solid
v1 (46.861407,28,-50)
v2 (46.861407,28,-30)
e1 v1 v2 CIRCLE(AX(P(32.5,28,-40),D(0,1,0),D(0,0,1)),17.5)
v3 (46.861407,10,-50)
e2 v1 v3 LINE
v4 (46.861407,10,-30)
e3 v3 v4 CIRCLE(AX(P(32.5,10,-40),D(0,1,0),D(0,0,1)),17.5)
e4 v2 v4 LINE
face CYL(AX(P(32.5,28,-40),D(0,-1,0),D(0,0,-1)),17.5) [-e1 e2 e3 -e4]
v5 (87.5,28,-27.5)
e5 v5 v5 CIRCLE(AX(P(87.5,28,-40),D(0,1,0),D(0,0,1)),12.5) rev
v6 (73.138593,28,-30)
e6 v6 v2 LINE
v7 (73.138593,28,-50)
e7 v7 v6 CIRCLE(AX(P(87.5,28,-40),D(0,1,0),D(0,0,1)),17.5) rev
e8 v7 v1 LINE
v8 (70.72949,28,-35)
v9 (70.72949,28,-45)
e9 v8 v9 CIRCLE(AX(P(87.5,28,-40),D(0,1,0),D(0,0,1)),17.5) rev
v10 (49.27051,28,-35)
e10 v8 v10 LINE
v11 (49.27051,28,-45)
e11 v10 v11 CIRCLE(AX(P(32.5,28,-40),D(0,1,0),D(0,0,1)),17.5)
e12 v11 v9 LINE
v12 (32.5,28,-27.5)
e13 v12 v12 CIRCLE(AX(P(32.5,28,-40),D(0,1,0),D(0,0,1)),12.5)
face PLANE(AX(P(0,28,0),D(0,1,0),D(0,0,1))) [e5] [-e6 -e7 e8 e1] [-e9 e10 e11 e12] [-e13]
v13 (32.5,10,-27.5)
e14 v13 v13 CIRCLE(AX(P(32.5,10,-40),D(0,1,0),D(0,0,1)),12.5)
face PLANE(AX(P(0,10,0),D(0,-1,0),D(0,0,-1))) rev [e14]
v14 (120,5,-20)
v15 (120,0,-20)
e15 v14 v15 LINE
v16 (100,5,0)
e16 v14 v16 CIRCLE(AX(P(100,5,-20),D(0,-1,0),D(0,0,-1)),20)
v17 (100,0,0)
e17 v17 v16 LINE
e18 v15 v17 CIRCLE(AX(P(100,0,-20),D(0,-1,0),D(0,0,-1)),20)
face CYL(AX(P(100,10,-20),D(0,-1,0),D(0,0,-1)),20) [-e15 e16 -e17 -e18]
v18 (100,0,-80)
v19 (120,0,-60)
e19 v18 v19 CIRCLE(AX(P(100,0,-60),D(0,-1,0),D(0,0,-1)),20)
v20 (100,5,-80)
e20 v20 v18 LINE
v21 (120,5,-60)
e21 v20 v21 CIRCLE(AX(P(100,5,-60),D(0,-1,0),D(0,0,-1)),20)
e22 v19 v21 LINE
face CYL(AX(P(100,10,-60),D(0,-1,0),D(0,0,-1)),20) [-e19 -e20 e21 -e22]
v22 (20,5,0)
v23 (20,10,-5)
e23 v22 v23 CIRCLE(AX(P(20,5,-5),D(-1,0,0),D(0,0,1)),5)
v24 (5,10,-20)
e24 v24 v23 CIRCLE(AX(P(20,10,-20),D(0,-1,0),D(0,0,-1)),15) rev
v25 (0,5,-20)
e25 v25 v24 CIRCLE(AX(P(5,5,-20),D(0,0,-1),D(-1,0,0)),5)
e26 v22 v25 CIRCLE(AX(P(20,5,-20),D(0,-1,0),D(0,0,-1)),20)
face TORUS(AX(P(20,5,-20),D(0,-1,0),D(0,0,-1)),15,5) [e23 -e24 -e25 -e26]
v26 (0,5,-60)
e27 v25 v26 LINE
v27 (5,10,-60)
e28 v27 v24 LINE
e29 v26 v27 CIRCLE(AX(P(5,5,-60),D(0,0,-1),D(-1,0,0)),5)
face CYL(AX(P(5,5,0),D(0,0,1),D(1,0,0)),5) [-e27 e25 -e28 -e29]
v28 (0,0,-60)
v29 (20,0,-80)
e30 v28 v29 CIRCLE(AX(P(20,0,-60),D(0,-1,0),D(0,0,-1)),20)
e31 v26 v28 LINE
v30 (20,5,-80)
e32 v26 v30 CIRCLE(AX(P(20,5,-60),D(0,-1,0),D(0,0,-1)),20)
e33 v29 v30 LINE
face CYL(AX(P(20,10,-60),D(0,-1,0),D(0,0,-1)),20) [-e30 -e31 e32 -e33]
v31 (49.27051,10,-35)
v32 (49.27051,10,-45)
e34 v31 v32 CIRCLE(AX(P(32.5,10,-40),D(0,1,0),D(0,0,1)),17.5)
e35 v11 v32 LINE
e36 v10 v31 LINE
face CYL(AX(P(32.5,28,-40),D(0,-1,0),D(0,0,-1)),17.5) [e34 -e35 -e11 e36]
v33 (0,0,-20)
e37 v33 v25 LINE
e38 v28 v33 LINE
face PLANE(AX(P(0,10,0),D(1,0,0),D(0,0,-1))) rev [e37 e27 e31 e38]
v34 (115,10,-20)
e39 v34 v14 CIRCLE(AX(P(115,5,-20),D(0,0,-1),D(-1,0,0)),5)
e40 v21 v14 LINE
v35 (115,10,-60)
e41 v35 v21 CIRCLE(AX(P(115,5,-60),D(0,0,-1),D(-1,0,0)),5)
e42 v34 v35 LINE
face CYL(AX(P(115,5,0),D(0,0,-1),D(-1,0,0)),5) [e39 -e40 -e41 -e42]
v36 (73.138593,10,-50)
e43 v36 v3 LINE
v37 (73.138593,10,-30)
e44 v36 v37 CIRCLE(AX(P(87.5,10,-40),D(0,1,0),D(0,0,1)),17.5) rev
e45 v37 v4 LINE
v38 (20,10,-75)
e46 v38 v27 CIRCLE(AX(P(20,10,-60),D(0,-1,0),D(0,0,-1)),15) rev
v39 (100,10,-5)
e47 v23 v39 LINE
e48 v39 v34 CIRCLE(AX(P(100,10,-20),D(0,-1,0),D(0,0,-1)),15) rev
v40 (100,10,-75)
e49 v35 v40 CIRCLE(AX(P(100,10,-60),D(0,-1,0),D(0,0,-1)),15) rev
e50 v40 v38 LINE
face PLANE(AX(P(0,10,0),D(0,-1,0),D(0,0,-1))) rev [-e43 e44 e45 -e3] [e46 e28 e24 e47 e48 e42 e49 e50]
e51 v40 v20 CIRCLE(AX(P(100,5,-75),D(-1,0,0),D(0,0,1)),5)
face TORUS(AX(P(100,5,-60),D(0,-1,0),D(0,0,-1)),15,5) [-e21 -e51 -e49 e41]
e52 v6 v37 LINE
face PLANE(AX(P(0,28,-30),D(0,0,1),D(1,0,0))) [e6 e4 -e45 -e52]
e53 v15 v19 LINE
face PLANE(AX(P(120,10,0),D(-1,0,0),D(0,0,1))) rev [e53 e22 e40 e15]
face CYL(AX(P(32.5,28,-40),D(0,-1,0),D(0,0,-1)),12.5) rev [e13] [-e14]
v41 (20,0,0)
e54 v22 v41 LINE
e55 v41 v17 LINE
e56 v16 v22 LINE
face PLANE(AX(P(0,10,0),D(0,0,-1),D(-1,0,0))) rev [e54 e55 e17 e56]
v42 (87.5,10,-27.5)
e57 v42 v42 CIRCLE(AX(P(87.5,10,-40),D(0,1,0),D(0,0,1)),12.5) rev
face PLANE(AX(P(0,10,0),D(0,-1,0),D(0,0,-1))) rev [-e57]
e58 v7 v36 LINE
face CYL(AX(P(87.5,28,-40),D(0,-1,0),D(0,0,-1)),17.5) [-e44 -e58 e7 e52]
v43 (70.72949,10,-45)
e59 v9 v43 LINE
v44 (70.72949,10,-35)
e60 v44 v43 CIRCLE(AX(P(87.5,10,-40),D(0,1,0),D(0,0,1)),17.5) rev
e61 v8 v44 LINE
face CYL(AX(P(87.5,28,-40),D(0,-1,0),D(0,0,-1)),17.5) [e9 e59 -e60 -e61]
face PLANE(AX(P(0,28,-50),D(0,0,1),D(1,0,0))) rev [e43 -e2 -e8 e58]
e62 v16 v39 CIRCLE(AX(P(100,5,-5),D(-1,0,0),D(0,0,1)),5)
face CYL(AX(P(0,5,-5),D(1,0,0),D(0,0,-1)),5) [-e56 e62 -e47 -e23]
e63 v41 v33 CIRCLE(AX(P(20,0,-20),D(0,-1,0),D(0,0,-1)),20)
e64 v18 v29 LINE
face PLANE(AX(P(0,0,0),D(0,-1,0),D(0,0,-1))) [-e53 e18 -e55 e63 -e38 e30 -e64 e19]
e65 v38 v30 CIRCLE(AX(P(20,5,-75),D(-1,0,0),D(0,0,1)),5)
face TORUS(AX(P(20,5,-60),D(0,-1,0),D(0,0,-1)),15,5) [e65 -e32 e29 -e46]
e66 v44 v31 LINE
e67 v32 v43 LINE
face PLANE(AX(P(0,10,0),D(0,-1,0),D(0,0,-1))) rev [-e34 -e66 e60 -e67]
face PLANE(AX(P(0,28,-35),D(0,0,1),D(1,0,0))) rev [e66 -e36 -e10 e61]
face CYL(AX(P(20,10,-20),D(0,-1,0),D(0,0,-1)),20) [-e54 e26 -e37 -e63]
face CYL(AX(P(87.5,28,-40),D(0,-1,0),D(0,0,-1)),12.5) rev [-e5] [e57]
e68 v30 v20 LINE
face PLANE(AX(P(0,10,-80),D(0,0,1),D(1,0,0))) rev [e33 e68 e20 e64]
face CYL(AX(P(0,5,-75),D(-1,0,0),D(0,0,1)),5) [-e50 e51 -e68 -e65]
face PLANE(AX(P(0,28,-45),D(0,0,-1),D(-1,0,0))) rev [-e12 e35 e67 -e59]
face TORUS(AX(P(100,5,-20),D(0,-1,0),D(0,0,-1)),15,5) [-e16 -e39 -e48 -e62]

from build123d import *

# Parameters (mm, degrees)
SKETCH1_W           = 120
SKETCH1_H           = 80
BOSS_EXTRUDE1_DEPTH = 10
SKETCH2_R           = 17.5
SKETCH2_R_2         = 12.5
BOSS_EXTRUDE2_DEPTH = 18
FILLET1_R           = 20
FILLET2_R           = 5


with BuildPart() as part:
    # Sketch1 → Boss-Extrude1 (new body)
    with BuildSketch(Plane(origin=(0, 0, 0), x_dir=(1, 0, 0), z_dir=(0, 1, 0))):
        with Locations((60, 40)):
            Rectangle(SKETCH1_W, SKETCH1_H)
    extrude(amount=BOSS_EXTRUDE1_DEPTH)

    # Sketch2 → Boss-Extrude2 (add)
    # profile 1 of 4: a face of its own
    with BuildSketch(Plane(origin=(0, 10, 0), x_dir=(1, 0, 0), z_dir=(0, 1, 0))):
        with BuildLine():
            Line((49.270509831, 45), (70.729490169, 45))
            ThreePointArc((70.729490169, 45), (71.734561363, 47.596113781), (73.138593384, 50))
            Line((73.138593384, 50), (46.861406616, 50))
            ThreePointArc((46.861406616, 50), (48.265438637, 47.596113781), (49.270509831, 45))
        make_face()
    # profile 2 of 4: a face of its own
    with BuildSketch(Plane(origin=(0, 10, 0), x_dir=(1, 0, 0), z_dir=(0, 1, 0))):
        with Locations((32.5, 40)):
            Circle(SKETCH2_R)
        with Locations(Location((32.5, 40, 0), (0, 0, 270))):
            Circle(SKETCH2_R_2, mode=Mode.SUBTRACT)
    # profile 3 of 4: a face of its own
    with BuildSketch(Plane(origin=(0, 10, 0), x_dir=(1, 0, 0), z_dir=(0, 1, 0))):
        with BuildLine():
            ThreePointArc((73.138593384, 30), (71.734561363, 32.403886219), (70.729490169, 35))
            Line((70.729490169, 35), (49.270509831, 35))
            ThreePointArc((49.270509831, 35), (48.265438637, 32.403886219), (46.861406616, 30))
            Line((46.861406616, 30), (73.138593384, 30))
        make_face()
    # profile 4 of 4: a face of its own
    with BuildSketch(Plane(origin=(0, 10, 0), x_dir=(1, 0, 0), z_dir=(0, 1, 0))):
        with Locations((87.5, 40)):
            Circle(SKETCH2_R)
        with Locations(Location((87.5, 40, 0), (0, 0, 270))):
            Circle(SKETCH2_R_2, mode=Mode.SUBTRACT)
    extrude(amount=BOSS_EXTRUDE2_DEPTH)

    # Fillet1
    fillet1_edges = [part.edges().sort_by_distance(p)[0] for p in [
        (0, 5, -80),
        (120, 5, -80),
        (120, 5, 0),
        (0, 5, 0),
    ]]
    fillet(fillet1_edges, radius=FILLET1_R)

    # Fillet2
    fillet2_edges = [part.edges().sort_by_distance(p)[0] for p in [
        (0, 10, -40),
        (60, 10, -80),
        (60, 10, 0),
        (120, 10, -40),
        (5.857864376, 10, -5.857864376),
        (114.142135624, 10, -5.857864376),
        (114.142135624, 10, -74.142135624),
        (5.857864376, 10, -74.142135624),
    ]]
    fillet(fillet2_edges, radius=FILLET2_R)


solid = part.part
